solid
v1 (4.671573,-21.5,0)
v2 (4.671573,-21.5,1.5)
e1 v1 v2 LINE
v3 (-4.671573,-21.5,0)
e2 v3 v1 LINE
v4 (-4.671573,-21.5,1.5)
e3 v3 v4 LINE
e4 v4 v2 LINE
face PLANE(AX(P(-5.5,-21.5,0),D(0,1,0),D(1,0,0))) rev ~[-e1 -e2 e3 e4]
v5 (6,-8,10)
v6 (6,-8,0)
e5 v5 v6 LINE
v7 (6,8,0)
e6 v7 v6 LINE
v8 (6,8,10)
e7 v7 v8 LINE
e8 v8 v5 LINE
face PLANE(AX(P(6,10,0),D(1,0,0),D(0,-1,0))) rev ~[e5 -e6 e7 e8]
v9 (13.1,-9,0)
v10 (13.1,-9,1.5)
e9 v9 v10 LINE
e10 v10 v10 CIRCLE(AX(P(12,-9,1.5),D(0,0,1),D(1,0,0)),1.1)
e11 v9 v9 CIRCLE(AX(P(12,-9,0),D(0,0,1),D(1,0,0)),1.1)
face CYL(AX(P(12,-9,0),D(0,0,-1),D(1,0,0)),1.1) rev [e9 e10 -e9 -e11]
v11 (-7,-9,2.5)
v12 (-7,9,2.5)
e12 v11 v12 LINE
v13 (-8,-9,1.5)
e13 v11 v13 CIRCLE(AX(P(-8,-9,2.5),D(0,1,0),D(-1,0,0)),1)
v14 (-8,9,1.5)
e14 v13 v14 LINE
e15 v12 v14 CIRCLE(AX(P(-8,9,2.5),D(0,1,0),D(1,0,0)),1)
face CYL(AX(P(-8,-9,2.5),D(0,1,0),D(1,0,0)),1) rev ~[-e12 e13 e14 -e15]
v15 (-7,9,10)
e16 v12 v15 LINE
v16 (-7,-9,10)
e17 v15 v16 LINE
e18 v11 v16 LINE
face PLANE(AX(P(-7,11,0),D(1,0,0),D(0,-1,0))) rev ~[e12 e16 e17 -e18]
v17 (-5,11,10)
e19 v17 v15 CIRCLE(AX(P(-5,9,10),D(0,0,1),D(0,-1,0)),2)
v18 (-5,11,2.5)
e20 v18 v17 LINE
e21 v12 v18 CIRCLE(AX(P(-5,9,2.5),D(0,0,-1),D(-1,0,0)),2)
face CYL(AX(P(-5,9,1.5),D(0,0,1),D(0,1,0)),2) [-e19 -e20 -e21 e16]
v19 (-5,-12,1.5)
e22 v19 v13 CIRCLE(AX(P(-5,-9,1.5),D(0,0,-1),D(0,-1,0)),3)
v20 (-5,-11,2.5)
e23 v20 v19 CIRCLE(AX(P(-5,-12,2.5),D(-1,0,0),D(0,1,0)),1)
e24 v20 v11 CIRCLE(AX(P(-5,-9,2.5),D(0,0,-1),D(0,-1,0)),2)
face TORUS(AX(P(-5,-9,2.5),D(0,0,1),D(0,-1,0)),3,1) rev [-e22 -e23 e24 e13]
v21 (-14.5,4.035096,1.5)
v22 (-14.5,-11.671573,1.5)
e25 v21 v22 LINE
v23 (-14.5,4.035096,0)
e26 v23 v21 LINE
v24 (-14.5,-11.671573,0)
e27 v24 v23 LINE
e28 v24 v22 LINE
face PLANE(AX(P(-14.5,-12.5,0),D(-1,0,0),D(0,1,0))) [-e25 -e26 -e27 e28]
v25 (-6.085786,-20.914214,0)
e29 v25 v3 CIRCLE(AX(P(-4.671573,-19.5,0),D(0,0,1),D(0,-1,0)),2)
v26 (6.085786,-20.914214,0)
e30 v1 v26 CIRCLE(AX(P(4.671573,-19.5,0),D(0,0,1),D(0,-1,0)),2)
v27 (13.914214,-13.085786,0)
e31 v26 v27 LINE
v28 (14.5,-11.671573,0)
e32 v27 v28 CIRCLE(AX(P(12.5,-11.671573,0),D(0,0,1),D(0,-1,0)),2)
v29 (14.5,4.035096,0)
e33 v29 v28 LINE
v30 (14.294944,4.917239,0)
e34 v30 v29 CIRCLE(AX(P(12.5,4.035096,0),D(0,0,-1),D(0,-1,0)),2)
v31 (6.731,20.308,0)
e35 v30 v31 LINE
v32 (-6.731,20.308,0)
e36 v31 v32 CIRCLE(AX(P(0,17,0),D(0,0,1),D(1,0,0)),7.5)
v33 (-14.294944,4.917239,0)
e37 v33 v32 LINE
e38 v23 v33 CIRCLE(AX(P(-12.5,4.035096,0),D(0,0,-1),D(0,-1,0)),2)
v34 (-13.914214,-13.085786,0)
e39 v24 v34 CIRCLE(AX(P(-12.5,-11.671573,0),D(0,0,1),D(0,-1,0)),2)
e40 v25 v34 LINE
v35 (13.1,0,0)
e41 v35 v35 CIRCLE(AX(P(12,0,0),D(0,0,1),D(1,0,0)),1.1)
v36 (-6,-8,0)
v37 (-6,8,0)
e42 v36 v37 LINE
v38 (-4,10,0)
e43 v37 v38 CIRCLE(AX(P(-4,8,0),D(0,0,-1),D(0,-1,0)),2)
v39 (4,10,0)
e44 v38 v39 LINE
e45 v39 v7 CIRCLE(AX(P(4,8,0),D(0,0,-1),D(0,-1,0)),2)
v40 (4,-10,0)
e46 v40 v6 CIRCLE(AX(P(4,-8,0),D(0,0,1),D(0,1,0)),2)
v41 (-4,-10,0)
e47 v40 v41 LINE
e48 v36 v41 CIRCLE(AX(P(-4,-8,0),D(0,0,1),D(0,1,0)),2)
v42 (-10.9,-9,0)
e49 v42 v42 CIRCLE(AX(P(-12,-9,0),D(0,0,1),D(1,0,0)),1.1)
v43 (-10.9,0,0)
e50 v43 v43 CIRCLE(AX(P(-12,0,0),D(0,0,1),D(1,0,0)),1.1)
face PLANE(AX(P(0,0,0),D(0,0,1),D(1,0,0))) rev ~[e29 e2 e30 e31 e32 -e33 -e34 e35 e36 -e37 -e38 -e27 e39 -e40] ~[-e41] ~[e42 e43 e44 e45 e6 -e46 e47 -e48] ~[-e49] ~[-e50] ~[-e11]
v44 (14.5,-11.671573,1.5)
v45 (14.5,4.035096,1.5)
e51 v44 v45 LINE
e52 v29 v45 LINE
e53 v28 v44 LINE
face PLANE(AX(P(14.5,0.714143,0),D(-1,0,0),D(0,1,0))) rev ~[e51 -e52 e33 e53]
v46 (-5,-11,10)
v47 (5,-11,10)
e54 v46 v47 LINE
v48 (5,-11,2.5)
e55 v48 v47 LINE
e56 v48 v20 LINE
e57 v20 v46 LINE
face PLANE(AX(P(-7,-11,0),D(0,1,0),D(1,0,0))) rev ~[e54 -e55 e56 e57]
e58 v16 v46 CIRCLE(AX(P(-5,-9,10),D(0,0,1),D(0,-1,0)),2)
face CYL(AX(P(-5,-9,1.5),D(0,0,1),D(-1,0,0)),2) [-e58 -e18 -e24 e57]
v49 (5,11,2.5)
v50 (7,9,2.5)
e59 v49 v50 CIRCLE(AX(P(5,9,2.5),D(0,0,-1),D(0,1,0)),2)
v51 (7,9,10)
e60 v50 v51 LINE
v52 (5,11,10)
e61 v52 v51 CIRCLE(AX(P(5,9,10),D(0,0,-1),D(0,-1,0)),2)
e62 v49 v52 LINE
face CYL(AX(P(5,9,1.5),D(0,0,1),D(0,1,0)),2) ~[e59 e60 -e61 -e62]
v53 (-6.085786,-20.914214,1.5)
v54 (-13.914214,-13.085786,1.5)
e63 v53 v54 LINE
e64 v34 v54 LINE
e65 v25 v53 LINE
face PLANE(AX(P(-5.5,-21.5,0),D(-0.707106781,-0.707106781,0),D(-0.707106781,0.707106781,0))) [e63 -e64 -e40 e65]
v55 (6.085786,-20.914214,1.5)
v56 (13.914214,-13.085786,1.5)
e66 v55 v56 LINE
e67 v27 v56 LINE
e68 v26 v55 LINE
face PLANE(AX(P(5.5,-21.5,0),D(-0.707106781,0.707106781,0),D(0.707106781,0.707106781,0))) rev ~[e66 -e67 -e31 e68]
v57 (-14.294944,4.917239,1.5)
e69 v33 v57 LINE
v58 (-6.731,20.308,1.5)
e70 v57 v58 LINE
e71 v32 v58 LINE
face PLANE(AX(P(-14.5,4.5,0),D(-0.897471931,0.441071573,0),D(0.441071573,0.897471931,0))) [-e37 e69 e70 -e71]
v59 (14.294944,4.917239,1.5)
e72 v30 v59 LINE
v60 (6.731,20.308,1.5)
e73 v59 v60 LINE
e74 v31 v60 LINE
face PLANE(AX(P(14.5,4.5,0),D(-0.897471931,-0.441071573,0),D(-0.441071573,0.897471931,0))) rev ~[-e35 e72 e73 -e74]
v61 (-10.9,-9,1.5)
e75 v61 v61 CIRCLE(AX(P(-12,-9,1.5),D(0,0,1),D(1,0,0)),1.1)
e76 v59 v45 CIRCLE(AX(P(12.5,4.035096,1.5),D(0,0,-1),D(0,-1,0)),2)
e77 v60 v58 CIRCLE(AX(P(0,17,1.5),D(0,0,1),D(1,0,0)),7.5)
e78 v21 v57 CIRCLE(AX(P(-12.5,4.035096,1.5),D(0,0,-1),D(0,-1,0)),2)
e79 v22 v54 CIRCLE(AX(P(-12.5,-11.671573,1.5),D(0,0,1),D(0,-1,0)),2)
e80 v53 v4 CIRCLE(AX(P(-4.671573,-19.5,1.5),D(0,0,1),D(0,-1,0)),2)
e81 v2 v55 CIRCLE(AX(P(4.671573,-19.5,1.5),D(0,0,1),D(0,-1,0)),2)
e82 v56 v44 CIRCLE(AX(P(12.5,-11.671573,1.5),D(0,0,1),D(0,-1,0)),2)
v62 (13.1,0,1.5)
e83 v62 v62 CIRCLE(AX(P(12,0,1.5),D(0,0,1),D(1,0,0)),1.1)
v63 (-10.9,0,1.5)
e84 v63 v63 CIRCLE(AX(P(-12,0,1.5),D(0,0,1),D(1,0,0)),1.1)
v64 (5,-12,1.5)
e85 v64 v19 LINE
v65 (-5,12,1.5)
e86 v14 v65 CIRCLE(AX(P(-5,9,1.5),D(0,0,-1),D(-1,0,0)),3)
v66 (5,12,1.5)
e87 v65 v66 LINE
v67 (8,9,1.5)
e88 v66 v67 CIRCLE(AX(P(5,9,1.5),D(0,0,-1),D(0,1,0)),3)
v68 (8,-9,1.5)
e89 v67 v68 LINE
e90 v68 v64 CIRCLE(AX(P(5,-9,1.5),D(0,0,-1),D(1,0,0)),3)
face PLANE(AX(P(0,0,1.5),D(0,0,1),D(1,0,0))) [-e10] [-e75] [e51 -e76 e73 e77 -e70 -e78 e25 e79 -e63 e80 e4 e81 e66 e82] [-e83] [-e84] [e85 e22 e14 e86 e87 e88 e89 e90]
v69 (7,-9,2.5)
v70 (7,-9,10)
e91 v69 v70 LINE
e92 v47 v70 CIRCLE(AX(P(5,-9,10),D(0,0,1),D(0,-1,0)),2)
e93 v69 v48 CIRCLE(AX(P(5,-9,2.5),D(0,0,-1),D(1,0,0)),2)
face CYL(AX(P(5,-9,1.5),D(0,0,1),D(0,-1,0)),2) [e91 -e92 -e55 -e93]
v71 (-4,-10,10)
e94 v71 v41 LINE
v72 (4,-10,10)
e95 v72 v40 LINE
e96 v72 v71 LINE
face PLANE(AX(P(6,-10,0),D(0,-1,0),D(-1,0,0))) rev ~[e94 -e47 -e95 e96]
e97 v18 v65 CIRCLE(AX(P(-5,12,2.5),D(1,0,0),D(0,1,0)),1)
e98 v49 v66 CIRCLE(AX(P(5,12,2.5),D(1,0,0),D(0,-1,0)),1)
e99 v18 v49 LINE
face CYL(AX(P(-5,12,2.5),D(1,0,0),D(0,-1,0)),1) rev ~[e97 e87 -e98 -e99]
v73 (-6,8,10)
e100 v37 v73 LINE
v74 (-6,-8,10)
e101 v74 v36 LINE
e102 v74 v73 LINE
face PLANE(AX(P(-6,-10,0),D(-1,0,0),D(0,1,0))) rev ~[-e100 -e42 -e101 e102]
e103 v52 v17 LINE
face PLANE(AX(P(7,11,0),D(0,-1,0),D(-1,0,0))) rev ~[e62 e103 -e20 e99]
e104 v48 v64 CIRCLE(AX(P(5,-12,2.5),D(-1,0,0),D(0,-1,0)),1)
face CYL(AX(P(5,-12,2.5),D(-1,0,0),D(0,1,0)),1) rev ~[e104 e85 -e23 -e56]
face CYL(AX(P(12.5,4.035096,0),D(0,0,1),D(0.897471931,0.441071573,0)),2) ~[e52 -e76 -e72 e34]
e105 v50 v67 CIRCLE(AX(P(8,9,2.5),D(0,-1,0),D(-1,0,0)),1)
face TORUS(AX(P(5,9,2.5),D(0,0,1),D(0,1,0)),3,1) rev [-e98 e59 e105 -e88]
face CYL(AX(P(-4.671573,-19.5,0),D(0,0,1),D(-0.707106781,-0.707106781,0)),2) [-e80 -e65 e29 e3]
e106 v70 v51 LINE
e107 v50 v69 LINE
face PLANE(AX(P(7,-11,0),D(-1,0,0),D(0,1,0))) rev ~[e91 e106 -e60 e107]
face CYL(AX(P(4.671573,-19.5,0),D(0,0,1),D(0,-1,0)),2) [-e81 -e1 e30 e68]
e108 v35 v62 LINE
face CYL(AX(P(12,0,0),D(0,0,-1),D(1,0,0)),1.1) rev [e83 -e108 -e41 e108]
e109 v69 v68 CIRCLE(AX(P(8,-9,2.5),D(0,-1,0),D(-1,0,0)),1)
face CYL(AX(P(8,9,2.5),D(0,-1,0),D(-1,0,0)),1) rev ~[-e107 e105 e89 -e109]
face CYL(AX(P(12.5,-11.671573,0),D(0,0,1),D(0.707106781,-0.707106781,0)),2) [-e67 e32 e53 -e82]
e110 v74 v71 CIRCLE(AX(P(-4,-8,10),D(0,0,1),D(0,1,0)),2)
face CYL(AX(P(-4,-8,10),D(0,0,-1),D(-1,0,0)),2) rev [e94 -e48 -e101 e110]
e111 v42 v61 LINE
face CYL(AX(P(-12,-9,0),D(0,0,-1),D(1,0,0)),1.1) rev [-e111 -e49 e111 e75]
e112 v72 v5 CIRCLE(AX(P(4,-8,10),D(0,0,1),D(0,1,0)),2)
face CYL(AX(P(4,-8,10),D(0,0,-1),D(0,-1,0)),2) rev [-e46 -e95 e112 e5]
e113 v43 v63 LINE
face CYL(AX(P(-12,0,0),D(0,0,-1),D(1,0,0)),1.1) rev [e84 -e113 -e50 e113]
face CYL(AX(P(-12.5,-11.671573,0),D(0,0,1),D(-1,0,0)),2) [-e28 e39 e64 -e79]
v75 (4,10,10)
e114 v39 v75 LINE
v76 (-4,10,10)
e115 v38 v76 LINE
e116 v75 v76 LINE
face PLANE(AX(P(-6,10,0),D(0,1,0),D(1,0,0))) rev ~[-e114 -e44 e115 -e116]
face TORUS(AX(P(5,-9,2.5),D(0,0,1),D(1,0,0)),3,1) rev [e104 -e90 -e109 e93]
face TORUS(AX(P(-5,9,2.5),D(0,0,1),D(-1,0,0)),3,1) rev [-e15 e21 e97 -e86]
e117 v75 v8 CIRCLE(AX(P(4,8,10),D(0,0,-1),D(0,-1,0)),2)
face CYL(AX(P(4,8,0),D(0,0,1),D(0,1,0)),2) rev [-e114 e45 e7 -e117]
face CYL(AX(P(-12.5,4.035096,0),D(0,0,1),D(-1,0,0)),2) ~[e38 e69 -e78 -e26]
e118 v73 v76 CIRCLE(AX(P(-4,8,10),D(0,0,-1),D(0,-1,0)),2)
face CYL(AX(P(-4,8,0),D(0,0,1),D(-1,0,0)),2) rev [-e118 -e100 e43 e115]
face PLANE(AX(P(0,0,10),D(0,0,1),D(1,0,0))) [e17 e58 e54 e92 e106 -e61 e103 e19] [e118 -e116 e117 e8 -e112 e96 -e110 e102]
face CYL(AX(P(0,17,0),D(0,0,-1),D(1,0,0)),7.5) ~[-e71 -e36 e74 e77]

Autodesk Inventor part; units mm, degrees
ref_plane "YZ Plane" through (0, 0, 0) normal (1, 0, 0) x (0, 1, 0)
ref_plane "XZ Plane" through (0, 0, 0) normal (0, 1, 0) x (-1, 0, 0)
ref_plane "XY Plane" through (0, 0, 0) normal (0, 0, 1) x (1, 0, 0)
sketch "Sketch1" plane through (0, 0, 0) normal (0, 0, 1) x (1, 0, 0)
  line L0 (-6, 10) -> (6, 10)
  line L1 (6, 10) -> (6, -10)
  line L2 (6, -10) -> (-6, -10)
  line L3 (-6, -10) -> (-6, 10)
  line L4 (-5.5, -21.5) -> (5.5, -21.5)
  line L5 (5.5, -21.5) -> (14.5, -12.5)
  line L6 (14.5, -12.5) -> (14.5, 4.5)
  line L7 (-5.5, -21.5) -> (-14.5, -12.5)
  line L8 (-14.5, -12.5) -> (-14.5, 4.5)
  line L9 (0, -32.2278) -> (0, 36.9858) construction
  circle A0 centre (0, 17) radius 7.5
  line L10 (-14.5, 4.5) -> (-6.731, 20.308)
  line L11 (14.5, 4.5) -> (6.731, 20.308)
  circle A1 centre (-12, 0) radius 1.1
  circle A2 centre (-12, -9) radius 1.1
  circle A3 centre (12, 0) radius 1.1
  circle A4 centre (12, -9) radius 1.1
  line L12 (7, 11) -> (-7, 11)
  line L13 (-7, 11) -> (-7, -11)
  line L14 (-7, -11) -> (7, -11)
  line L15 (7, -11) -> (7, 11)
  circle A5 centre (-12, 0) radius 2.6
  circle A6 centre (-12, -9) radius 2.6
  circle A7 centre (12, 0) radius 2.6
  circle A8 centre (12, -9) radius 2.6
  point P0 (0, 0)
  point P1 (0, -21.5)
  point P2 (0, 2.379)
  dimension "d0" = 12
  dimension "d1" = 20
  dimension "d2" = 10
  dimension "d3" = 6
  dimension "d4" = 11
  dimension "d5" = 21.5
  dimension "d6" = 0
  dimension "d7" = 135
  dimension "d8" = 135
  dimension "d9" = 14.5
  dimension "d10" = 14.5
  dimension "d11" = 15
  dimension "d12" = 38.5
  dimension "d13" = 17
  dimension "d14" = 17
  dimension "d15" = 2.2
  dimension "d18" = 9
  dimension "d21" = 24
  dimension "d24" = 12
  dimension "d25" = 0
  dimension "d30" = 1
  dimension "d34" = 1.5
  dimension "d35" = 1.5
  dimension "d36" = 1.5
  dimension "d37" = 1.5
extrude "Extrusion1" add sketch "Sketch1" along normal blind 1.5 contours L3 L2 L1 L0 A0 L12 L15 L14 L13 | A0 L12 L0 | L12 L13 L14 L15 A0 L11 L6 A7 A8 L5 L4 L7 L8 A6 A5 L10 | A0 L12 | A5 L8 | L6 A7 | A6 L8 | L6 A8 picked at (-14.0333, 0) picked at (14.0333, 0) picked at (-14.0333, -9) picked at (14.0333, -9)
extrude "Extrusion2" add sketch "Sketch1" along normal blind 10 contours L3 L2 L1 L0 A0 L12 L15 L14 L13 | A0 L12 L0
fillet "Fillet1" radius 2 14 edges at (-7, -11, 5.75) (7, -11, 5.75) (7, 11, 5.75) (5.5, -21.5, 0.75) (-5.5, -21.5, 0.75) (14.5, -12.5, 0.75) (-14.5, -12.5, 0.75) (14.5, 4.5, 0.75) (-7, 11, 5.75) (-14.5, 4.5, 0.75) (6, 10, 5) (-6, 10, 5) (-6, -10, 5) (6, -10, 5)
extrude "Extrusion3" [suppressed]
fillet "Fillet2" radius 1 8 edges at (7, 0, 1.5) (6.4142, 10.4142, 1.5) (0, 11, 1.5) (-6.4142, 10.4142, 1.5) (-7, 0, 1.5) (-6.4142, -10.4142, 1.5) (0, -11, 1.5) (6.4142, -10.4142, 1.5)
equation "\"d2\" = 0.5 * d1"
equation "\"d3\" = 0.5 * d0"
equation "\"d8\" = d7"
equation "\"d10\" = d9"
equation "\"d14\" = d13"
equation "\"d24\" = 0.5 * d21"
equation "\"d35\" = d34"
equation "\"d36\" = d34"
equation "\"d37\" = d34"
properties part number "skye_airspeed"
